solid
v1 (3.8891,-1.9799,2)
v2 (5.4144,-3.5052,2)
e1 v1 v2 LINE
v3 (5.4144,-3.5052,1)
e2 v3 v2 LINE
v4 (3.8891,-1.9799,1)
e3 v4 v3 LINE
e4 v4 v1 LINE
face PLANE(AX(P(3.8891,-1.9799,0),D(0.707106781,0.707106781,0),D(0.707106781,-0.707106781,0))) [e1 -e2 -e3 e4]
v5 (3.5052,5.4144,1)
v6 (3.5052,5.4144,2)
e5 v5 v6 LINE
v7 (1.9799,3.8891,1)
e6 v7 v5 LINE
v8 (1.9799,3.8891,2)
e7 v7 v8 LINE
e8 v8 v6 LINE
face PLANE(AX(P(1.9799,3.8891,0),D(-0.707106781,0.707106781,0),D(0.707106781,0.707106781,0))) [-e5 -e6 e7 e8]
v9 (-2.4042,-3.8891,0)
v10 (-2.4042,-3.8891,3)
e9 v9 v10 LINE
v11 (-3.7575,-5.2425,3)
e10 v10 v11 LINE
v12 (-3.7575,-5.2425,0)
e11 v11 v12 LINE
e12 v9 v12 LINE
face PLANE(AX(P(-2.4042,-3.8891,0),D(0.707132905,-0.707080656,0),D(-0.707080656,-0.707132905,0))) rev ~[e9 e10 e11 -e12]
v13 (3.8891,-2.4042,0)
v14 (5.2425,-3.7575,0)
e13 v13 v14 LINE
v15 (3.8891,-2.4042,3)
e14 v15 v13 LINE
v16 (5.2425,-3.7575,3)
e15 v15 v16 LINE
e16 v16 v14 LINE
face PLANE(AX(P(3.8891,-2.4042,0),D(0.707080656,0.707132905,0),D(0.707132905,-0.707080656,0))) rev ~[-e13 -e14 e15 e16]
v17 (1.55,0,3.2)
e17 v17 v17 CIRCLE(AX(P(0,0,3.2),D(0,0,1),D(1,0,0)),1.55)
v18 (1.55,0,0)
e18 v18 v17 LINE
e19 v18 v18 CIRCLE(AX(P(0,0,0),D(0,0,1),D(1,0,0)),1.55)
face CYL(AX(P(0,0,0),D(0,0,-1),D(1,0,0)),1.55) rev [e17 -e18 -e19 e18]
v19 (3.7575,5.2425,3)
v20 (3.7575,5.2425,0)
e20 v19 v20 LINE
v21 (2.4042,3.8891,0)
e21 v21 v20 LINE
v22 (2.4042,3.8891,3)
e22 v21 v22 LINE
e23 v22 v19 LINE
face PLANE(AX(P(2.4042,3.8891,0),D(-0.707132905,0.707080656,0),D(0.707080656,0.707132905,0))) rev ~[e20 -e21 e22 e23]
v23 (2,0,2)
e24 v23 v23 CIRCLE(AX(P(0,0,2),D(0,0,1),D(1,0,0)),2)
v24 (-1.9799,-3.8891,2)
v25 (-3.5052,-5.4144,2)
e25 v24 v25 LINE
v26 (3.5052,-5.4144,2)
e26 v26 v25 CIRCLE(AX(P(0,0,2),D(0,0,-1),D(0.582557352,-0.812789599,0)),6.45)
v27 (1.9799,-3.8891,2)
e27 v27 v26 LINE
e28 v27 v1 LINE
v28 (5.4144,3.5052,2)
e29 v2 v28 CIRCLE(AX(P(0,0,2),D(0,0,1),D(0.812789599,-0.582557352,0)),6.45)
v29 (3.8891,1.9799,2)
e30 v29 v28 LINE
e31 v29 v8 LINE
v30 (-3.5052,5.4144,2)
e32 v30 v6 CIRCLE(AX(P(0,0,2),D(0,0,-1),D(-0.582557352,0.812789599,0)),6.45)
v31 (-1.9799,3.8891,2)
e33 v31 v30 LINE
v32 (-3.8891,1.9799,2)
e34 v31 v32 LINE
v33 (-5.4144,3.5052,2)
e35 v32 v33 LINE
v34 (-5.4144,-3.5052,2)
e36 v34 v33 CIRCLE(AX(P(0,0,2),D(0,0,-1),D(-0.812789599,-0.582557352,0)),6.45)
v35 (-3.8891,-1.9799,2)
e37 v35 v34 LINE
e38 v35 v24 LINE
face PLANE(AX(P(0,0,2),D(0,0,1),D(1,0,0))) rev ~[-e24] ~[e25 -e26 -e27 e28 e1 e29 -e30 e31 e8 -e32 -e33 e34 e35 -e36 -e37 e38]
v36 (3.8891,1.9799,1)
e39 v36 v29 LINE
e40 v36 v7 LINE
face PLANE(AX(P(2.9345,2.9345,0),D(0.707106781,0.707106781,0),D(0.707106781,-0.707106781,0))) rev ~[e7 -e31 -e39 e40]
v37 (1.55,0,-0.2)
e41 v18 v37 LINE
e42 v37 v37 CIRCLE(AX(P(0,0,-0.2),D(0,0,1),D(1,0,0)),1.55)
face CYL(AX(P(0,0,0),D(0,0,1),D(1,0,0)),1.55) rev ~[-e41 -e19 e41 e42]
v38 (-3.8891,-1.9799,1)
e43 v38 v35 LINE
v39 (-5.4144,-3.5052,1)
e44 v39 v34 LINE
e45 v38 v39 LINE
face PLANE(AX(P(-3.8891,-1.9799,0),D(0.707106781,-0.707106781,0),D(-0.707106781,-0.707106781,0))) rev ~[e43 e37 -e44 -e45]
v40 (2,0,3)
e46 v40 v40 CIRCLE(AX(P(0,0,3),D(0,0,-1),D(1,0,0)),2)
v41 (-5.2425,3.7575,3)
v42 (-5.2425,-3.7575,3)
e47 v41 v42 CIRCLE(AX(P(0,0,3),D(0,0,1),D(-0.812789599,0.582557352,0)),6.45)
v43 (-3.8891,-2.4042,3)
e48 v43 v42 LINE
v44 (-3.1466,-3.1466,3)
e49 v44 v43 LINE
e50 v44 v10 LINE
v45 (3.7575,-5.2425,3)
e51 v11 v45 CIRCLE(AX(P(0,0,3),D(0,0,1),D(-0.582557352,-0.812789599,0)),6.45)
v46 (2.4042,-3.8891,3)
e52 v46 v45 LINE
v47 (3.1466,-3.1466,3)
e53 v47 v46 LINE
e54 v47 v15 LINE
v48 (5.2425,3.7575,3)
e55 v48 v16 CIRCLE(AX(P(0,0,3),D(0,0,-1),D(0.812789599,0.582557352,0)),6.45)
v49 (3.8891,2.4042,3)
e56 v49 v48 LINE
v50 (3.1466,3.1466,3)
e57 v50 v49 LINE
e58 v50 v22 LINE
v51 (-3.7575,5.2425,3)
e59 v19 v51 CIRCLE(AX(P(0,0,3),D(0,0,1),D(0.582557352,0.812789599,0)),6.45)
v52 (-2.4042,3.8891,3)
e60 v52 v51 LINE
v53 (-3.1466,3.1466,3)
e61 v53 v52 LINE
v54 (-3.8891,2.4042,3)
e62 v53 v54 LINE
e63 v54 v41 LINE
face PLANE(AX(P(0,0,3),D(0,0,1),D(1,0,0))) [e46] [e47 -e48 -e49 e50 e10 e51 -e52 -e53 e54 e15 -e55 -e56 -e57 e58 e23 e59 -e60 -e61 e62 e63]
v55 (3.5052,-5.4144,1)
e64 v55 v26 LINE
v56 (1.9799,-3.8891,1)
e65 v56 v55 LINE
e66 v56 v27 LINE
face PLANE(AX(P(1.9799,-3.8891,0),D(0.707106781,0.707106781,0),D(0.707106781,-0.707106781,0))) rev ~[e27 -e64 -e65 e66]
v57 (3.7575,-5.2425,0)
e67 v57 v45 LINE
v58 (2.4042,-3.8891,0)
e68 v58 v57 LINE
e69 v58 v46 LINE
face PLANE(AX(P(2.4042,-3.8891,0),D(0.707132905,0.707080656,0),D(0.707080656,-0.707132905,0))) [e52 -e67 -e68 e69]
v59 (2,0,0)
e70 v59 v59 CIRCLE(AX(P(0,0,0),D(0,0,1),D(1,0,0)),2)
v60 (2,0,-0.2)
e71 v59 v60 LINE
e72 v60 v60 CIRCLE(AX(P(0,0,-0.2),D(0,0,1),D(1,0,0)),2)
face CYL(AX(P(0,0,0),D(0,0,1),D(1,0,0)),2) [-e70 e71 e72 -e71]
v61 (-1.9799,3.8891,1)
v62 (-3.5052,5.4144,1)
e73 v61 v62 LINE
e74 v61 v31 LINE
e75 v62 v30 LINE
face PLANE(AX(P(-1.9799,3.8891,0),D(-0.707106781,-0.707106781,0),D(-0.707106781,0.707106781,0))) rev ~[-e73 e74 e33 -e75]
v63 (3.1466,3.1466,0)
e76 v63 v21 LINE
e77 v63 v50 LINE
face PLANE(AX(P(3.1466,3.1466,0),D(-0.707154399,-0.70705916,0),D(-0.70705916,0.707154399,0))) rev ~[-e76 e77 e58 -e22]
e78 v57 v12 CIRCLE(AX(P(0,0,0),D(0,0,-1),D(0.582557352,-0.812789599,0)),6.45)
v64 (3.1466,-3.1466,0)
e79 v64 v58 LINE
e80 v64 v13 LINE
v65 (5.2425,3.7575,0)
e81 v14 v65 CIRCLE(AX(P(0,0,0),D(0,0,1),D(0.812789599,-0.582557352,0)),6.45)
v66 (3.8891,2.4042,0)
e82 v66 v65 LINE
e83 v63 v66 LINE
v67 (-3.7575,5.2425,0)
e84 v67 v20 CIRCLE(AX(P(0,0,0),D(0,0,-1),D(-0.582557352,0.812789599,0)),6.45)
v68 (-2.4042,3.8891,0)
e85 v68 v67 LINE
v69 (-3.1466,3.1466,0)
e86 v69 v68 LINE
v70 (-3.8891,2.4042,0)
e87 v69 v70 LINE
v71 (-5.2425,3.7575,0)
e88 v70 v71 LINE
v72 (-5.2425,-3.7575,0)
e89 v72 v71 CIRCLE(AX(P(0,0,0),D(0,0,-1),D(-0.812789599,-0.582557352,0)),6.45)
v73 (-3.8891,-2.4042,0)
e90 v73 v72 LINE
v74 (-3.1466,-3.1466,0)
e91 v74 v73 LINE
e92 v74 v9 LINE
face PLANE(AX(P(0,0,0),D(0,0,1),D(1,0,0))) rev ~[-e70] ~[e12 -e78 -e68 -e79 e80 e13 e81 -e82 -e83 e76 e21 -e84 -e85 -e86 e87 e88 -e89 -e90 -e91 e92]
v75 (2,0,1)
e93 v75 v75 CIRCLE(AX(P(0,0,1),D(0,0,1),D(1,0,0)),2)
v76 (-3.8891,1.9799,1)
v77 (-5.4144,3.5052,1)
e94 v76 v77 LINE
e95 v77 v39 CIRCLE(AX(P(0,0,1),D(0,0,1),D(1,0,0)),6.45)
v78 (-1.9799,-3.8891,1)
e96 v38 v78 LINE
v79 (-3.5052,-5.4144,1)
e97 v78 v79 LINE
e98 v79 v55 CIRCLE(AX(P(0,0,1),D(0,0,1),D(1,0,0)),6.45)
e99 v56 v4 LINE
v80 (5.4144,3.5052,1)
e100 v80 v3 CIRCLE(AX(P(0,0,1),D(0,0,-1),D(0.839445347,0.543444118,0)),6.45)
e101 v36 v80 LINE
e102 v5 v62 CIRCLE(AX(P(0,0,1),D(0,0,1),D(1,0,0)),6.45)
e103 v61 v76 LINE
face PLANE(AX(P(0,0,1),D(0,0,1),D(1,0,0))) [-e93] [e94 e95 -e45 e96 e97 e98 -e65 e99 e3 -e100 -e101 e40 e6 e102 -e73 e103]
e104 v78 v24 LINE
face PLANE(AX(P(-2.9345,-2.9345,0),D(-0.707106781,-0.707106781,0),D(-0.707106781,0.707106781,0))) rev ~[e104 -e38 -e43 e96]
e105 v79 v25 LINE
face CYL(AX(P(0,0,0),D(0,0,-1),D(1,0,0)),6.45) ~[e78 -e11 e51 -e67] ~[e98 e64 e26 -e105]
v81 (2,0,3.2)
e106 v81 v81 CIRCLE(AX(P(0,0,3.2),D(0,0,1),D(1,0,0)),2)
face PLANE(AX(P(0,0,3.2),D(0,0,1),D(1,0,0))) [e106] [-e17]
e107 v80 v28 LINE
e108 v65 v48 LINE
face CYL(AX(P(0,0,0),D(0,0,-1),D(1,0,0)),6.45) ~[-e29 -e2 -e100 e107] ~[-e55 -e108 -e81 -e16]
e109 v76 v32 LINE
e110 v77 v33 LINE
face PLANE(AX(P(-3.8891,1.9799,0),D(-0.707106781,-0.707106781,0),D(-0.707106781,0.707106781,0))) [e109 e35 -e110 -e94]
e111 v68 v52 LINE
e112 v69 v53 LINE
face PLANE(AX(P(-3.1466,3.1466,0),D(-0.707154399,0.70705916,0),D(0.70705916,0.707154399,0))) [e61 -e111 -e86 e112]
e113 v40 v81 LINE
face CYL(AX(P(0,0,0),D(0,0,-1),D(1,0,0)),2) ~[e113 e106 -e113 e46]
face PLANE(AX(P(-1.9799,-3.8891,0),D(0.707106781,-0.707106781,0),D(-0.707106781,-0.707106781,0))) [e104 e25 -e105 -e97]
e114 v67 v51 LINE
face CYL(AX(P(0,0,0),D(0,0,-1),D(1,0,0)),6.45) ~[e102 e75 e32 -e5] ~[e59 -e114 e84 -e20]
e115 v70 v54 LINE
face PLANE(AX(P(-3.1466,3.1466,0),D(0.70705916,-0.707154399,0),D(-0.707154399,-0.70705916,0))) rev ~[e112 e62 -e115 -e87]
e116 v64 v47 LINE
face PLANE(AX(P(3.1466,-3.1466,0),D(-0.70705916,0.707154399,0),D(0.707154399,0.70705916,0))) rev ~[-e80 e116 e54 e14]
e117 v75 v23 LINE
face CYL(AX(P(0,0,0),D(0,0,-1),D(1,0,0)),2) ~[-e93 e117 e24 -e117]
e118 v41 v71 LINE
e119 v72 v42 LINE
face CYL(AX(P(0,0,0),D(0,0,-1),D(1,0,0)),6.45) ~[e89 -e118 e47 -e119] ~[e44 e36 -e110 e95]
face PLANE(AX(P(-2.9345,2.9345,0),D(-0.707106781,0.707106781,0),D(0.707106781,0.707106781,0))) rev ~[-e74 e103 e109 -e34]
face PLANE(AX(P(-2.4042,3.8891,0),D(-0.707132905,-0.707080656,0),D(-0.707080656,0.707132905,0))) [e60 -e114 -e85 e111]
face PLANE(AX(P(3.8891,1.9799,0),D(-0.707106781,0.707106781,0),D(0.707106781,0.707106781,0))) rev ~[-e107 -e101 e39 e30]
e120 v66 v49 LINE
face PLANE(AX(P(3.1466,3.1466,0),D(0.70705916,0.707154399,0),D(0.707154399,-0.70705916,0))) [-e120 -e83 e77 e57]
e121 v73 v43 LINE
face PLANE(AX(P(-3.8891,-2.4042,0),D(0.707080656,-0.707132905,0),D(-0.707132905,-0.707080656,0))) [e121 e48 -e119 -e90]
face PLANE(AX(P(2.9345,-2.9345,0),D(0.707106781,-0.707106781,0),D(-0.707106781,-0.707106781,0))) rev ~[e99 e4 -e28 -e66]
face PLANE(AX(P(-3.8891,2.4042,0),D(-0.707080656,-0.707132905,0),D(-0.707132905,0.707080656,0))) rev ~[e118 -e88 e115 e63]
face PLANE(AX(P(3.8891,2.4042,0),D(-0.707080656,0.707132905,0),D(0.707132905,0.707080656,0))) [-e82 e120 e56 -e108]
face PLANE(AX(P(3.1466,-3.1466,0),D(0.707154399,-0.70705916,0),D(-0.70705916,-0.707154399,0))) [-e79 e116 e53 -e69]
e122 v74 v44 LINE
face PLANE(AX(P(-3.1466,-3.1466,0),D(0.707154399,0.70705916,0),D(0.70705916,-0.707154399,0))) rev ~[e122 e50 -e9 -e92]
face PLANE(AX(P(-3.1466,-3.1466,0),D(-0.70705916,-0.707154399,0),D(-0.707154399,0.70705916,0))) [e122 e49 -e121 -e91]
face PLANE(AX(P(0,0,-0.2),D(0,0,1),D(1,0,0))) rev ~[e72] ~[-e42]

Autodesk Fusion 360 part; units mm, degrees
sketch "Sketch1" plane through (0, 0, 0) normal (0, 0, 1) x (1, 0, 0) in component "Component"
  circle A0 centre (0, 0) radius 1.55
  circle A1 centre (0, 0) radius 6.45
  line L0 (-3.8891, 2.4042) -> (-5.2425, 3.7575)
  line L1 (-3.1466, 3.1466) -> (-3.8891, 2.4042)
  line L2 (-3.1466, 3.1466) -> (-2.4042, 3.8891)
  line L3 (-2.4042, 3.8891) -> (-3.7575, 5.2425)
  line L4 (-2.4042, -3.8891) -> (-3.7575, -5.2425)
  line L5 (-3.1466, -3.1466) -> (-2.4042, -3.8891)
  line L6 (-3.1466, -3.1466) -> (-3.8891, -2.4042)
  line L7 (-3.8891, -2.4042) -> (-5.2425, -3.7575)
  line L8 (3.8891, -2.4042) -> (5.2425, -3.7575)
  line L9 (3.1466, -3.1466) -> (3.8891, -2.4042)
  line L10 (3.1466, -3.1466) -> (2.4042, -3.8891)
  line L11 (2.4042, -3.8891) -> (3.7575, -5.2425)
  line L12 (2.4042, 3.8891) -> (3.7575, 5.2425)
  line L13 (3.1466, 3.1466) -> (2.4042, 3.8891)
  line L14 (3.1466, 3.1466) -> (3.8891, 2.4042)
  line L15 (3.8891, 2.4042) -> (5.2425, 3.7575)
  circle A2 centre (0, 0) radius 2
  line L16 (-1.9799, 3.8891) -> (-3.5052, 5.4144)
  line L17 (-2.9345, 2.9345) -> (-1.9799, 3.8891)
  line L18 (-2.9345, 2.9345) -> (-3.8891, 1.9799)
  line L19 (-3.8891, 1.9799) -> (-5.4144, 3.5052)
  line L20 (-3.8891, -1.9799) -> (-5.4144, -3.5052)
  line L21 (-2.9345, -2.9345) -> (-3.8891, -1.9799)
  line L22 (-2.9345, -2.9345) -> (-1.9799, -3.8891)
  line L23 (-1.9799, -3.8891) -> (-3.5052, -5.4144)
  line L24 (1.9799, -3.8891) -> (3.5052, -5.4144)
  line L25 (2.9345, -2.9345) -> (1.9799, -3.8891)
  line L26 (2.9345, -2.9345) -> (3.8891, -1.9799)
  line L27 (3.8891, -1.9799) -> (5.4144, -3.5052)
  line L28 (3.8891, 1.9799) -> (5.4144, 3.5052)
  line L29 (2.9345, 2.9345) -> (3.8891, 1.9799)
  line L30 (2.9345, 2.9345) -> (1.9799, 3.8891)
  line L31 (1.9799, 3.8891) -> (3.5052, 5.4144)
  dimension "d1" = 3.1
  dimension "d2" = 12.9
  dimension "d13" = 360
extrude "Extrude1" add sketch "Sketch1" along normal blind 3 contours A1 L16 L17 L18 L19 L20 L21 L22 L23 L24 L25 L26 L27 L28 L29 L30 L31 | A1 L12 L13 L14 L15 L28 L29 L30 L31 | A1 L8 L9 L10 L11 L24 L25 L26 L27 | A1 L0 L1 L2 L3 L16 L17 L18 L19 | A1 L4 L5 L6 L7 L20 L21 L22 L23 | A2 in component "Component"
extrude "Extrude2" cut 1 faces at (0.1484, 4.7376, 0) along direction (0, 0, 1) blind 2 in component "Component"
extrude "Extrude3" add sketch "Sketch1" along normal blind 2 contours A1 L12 L13 L14 L15 L28 L29 L30 L31 | A1 L8 L9 L10 L11 L24 L25 L26 L27 | A1 L0 L1 L2 L3 L16 L17 L18 L19 | A1 L4 L5 L6 L7 L20 L21 L22 L23 | A2 in component "Component"
extrude "Extrude4" add sketch "Sketch1" along normal blind 1 contours A1 L16 L17 L18 L19 L20 L21 L22 L23 L24 L25 L26 L27 L28 L29 L30 L31 in component "Component"
extrude "Extrude5" cut sketch "Sketch1" along normal blind 5 contours A2 in component "Component"
extrude "Extrude6" add sketch "Sketch1" along normal blind 3.2 contours A2 in component "Component"
extrude "Extrude7" add sketch "Sketch1" against normal blind 0.2 contours A2 in component "Component"
component "Component" placed x (1, 0, 0) y (0, 1, 0) z (0, 0, 1) at (0, 0, 0)
